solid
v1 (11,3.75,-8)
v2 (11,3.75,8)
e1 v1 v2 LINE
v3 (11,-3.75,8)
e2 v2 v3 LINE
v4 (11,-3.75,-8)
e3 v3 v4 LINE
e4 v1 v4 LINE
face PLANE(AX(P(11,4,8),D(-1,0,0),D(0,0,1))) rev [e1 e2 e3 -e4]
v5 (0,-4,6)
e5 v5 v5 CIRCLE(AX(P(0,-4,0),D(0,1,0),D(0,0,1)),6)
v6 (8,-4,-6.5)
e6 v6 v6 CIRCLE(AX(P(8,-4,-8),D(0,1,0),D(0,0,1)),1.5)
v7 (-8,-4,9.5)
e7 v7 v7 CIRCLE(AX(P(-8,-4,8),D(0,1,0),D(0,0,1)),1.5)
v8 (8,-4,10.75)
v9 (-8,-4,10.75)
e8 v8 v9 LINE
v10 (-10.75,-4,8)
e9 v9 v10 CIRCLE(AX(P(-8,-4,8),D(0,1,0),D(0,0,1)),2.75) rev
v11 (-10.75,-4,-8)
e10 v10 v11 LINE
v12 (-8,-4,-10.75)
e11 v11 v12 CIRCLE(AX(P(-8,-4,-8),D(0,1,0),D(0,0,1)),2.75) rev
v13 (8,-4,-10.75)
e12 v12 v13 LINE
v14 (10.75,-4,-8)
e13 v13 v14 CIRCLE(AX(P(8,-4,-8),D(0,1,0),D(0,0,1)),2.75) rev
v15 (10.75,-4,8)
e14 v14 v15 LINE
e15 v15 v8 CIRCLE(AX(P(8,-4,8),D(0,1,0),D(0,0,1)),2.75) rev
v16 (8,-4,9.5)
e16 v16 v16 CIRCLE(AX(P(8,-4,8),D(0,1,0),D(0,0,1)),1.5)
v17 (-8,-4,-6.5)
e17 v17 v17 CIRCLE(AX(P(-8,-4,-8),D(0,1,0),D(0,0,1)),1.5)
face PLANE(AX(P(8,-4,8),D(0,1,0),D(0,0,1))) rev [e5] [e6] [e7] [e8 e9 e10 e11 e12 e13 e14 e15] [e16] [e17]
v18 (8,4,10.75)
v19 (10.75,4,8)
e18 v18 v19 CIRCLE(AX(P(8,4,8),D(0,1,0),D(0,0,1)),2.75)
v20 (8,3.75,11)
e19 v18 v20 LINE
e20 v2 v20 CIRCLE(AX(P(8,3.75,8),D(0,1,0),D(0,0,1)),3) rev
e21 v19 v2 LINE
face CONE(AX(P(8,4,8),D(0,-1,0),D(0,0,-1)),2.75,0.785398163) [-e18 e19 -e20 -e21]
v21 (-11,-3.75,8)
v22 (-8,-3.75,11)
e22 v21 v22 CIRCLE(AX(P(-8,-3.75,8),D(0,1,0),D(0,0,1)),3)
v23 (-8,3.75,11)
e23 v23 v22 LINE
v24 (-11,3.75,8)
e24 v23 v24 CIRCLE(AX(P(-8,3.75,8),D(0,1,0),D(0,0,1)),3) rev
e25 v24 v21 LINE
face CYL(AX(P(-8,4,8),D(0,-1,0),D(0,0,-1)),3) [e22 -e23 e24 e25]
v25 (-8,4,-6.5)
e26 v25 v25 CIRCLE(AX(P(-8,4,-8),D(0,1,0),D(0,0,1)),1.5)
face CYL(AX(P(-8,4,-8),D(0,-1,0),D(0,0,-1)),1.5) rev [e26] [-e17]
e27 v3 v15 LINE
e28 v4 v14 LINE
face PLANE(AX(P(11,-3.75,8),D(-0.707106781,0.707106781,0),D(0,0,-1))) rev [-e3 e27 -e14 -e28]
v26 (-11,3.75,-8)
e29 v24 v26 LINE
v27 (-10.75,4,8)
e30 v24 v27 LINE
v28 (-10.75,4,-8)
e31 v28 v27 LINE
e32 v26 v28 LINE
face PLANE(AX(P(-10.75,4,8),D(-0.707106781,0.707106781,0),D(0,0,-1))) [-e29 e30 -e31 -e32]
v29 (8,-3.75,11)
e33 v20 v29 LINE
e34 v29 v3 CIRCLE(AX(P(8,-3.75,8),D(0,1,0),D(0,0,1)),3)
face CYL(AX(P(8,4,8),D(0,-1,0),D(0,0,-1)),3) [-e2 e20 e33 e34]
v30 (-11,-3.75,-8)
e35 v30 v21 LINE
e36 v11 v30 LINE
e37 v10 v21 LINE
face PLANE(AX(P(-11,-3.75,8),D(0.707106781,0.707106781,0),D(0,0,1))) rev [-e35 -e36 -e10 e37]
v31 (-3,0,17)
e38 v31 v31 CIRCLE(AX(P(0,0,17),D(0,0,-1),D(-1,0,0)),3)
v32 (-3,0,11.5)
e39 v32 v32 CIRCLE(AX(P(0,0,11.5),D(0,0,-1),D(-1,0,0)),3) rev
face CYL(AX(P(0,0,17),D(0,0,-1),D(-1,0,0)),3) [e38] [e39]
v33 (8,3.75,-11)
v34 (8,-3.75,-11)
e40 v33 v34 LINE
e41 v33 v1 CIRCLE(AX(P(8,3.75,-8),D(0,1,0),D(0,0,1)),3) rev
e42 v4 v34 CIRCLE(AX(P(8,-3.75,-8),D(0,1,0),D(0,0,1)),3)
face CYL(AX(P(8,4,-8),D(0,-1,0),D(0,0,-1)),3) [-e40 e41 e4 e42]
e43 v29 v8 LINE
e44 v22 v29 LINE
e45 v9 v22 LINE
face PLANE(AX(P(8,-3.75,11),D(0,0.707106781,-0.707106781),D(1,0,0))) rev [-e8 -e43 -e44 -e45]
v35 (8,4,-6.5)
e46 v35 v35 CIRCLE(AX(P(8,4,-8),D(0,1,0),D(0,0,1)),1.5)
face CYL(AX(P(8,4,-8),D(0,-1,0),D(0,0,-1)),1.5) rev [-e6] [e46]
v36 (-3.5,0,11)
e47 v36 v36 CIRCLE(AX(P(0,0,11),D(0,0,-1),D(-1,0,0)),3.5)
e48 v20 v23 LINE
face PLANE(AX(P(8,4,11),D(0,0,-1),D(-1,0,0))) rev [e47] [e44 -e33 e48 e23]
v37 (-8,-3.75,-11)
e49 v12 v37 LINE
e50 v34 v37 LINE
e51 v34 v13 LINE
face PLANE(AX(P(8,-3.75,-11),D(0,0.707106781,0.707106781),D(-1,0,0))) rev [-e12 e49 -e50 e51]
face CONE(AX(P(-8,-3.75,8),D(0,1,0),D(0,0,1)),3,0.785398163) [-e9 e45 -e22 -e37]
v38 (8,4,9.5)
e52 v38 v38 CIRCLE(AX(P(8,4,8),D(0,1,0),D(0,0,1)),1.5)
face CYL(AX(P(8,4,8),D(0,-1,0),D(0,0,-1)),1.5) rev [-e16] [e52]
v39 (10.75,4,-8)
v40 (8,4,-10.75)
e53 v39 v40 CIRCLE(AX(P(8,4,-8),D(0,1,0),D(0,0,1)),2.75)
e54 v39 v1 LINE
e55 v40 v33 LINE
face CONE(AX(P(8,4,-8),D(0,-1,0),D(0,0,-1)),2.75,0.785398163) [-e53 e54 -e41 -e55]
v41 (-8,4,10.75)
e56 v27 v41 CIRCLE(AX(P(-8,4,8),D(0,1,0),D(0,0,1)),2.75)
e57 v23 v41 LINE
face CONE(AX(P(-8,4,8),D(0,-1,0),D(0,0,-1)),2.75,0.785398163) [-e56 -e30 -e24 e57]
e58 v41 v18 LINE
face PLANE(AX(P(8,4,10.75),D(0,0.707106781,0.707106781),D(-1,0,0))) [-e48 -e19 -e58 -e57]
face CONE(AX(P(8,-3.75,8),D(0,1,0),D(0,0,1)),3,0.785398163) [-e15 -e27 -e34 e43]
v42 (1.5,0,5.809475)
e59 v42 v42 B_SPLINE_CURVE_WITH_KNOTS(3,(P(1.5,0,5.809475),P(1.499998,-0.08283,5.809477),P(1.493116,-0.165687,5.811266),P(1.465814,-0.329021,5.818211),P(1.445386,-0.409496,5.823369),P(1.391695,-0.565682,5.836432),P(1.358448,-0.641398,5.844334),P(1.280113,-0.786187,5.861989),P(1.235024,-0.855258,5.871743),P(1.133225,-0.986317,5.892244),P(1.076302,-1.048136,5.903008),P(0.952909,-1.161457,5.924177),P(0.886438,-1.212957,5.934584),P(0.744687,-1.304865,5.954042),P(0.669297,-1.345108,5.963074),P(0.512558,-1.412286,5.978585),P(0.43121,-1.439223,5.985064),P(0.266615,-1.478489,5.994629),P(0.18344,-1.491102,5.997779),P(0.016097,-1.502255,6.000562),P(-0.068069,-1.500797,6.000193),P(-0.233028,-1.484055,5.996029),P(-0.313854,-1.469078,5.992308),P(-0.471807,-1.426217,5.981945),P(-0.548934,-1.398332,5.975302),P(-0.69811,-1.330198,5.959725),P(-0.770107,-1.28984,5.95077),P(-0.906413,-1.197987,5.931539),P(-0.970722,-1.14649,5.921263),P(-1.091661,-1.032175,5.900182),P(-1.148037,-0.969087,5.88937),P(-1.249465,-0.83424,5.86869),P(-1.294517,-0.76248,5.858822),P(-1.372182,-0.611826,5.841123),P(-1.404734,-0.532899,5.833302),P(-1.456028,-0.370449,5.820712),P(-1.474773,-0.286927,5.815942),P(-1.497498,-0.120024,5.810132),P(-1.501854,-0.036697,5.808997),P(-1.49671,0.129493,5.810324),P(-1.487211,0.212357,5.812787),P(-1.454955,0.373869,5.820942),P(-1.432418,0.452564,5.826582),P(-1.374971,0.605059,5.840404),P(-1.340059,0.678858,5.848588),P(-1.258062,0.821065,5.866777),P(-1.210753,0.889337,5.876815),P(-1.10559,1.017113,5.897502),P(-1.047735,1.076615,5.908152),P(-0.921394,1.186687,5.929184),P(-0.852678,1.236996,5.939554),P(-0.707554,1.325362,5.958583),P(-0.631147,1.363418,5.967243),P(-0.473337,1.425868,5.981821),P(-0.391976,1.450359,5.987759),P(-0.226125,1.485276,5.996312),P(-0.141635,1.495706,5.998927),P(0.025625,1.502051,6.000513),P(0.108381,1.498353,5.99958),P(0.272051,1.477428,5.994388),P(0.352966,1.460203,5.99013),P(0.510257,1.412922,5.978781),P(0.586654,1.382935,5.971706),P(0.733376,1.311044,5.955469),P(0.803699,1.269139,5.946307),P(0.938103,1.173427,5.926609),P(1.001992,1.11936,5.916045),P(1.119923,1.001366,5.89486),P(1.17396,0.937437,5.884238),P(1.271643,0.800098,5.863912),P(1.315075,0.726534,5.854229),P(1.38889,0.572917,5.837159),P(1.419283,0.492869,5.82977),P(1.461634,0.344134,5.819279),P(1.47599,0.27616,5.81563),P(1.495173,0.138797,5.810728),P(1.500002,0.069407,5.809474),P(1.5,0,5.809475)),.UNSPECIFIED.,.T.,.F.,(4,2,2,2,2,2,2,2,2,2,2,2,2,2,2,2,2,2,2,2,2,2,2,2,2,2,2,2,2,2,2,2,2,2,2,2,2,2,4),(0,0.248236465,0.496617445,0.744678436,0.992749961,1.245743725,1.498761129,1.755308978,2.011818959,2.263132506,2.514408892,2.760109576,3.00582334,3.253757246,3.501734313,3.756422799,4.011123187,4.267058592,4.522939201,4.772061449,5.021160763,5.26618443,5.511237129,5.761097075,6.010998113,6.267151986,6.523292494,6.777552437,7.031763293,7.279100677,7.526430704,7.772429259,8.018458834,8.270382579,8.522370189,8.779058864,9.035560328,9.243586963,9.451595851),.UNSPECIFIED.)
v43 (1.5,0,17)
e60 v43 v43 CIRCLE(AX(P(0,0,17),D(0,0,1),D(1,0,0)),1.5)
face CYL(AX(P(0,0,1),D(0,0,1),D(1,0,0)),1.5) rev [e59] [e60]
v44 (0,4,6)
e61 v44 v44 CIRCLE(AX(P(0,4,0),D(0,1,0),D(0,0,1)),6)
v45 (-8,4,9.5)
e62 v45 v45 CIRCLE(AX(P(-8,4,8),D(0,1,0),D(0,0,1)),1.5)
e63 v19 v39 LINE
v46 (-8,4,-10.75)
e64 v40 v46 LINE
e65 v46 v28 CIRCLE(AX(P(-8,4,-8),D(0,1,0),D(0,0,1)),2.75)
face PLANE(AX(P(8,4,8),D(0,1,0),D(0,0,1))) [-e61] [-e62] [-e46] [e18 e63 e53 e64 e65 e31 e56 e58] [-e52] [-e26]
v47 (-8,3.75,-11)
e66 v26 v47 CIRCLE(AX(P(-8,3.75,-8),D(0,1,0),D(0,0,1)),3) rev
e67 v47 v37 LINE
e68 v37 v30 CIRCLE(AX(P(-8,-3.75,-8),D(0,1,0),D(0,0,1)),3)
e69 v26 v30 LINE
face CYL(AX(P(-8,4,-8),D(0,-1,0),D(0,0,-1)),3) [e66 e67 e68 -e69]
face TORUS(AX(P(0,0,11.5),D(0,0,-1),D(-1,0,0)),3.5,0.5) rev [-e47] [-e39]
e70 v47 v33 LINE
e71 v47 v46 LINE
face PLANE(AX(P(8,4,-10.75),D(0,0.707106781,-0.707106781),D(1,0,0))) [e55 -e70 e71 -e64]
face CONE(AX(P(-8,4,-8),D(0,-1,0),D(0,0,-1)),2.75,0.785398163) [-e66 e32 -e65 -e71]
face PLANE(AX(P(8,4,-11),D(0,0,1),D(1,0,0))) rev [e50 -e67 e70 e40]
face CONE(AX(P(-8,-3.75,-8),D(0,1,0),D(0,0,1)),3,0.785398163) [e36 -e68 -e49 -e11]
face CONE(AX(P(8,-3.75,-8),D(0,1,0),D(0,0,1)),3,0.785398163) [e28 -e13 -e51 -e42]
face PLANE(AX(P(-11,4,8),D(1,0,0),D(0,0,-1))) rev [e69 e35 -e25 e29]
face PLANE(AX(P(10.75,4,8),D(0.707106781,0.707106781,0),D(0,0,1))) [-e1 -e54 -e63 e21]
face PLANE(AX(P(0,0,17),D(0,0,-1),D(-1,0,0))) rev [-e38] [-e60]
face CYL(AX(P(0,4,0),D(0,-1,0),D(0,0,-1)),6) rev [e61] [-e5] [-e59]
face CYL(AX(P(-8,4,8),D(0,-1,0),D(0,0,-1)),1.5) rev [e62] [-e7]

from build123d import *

# Parameters (mm, degrees)
SKETCH1_R           = 1.5
SKETCH1_R_2         = 6
BOSS_EXTRUDE1_DEPTH = 4
BOSS_EXTRUDE2_START = 11
SKETCH2_R           = 3
BOSS_EXTRUDE2_DEPTH = 6
SKETCH3_R           = 1.5
CUT_EXTRUDE1_DEPTH  = 16
CHAMFER1_SIZE       = 0.25
FILLET1_R           = 0.5


with BuildPart() as part:
    # Sketch1 → Boss-Extrude1 (new, symmetric)
    with BuildSketch(Plane(origin=(0, 0, 0), x_dir=(1, 0, 0), z_dir=(0, 1, 0))):
        with BuildLine():
            Line((8, -11), (-8, -11))
            ThreePointArc((-8, -11), (-10.121320344, -10.121320344), (-11, -8))
            Line((-11, -8), (-11, 8))
            ThreePointArc((-11, 8), (-10.121320344, 10.121320344), (-8, 11))
            Line((-8, 11), (8, 11))
            ThreePointArc((8, 11), (10.121320344, 10.121320344), (11, 8))
            Line((11, 8), (11, -8))
            ThreePointArc((11, -8), (10.121320344, -10.121320344), (8, -11))
        make_face()
        with Locations(Location((-8, 8, 0), (0, 0, 270))):
            Circle(SKETCH1_R, mode=Mode.SUBTRACT)
        with Locations(Location((8, 8, 0), (0, 0, 270))):
            Circle(SKETCH1_R, mode=Mode.SUBTRACT)
        with Locations(Location((8, -8, 0), (0, 0, 270))):
            Circle(SKETCH1_R, mode=Mode.SUBTRACT)
        with Locations(Location((-8, -8, 0), (0, 0, 270))):
            Circle(SKETCH1_R, mode=Mode.SUBTRACT)
        with Locations(Location((0, 0, 0), (0, 0, 270))):
            Circle(SKETCH1_R_2, mode=Mode.SUBTRACT)
    extrude(amount=BOSS_EXTRUDE1_DEPTH, both=True)

    # Sketch2 → Boss-Extrude2 (add)
    with BuildSketch(Plane.XY.offset(BOSS_EXTRUDE2_START)):
        with Locations(Location((0, 0, 0), (0, 0, 180))):
            Circle(SKETCH2_R)
    extrude(amount=BOSS_EXTRUDE2_DEPTH)

    # Sketch3 → Cut-Extrude1 (cut)
    with BuildSketch(Plane.XY.offset(17)):
        Circle(SKETCH3_R)
    extrude(amount=-CUT_EXTRUDE1_DEPTH, mode=Mode.SUBTRACT)

    # Chamfer1
    chamfer1_edges = [part.edges().sort_by_distance(p)[0] for p in [
        (0, -4, -11),
        (10.121320344, -4, -10.121320344),
        (11, -4, 0),
        (10.121320344, -4, 10.121320344),
        (10.121320344, 4, -10.121320344),
        (0, 4, -11),
        (-10.121320344, 4, -10.121320344),
        (-11, 4, 0),
        (-10.121320344, 4, 10.121320344),
        (0, 4, 11),
        (10.121320344, 4, 10.121320344),
        (0, -4, 11),
        (11, 4, 0),
        (-10.121320344, -4, 10.121320344),
        (-11, -4, 0),
        (-10.121320344, -4, -10.121320344),
    ]]
    chamfer(chamfer1_edges, length=CHAMFER1_SIZE)

    # Fillet1
    fillet1_edges = [part.edges().sort_by_distance(p)[0] for p in [
        (3, 0, 11),
    ]]
    fillet(fillet1_edges, radius=FILLET1_R)


solid = part.part
